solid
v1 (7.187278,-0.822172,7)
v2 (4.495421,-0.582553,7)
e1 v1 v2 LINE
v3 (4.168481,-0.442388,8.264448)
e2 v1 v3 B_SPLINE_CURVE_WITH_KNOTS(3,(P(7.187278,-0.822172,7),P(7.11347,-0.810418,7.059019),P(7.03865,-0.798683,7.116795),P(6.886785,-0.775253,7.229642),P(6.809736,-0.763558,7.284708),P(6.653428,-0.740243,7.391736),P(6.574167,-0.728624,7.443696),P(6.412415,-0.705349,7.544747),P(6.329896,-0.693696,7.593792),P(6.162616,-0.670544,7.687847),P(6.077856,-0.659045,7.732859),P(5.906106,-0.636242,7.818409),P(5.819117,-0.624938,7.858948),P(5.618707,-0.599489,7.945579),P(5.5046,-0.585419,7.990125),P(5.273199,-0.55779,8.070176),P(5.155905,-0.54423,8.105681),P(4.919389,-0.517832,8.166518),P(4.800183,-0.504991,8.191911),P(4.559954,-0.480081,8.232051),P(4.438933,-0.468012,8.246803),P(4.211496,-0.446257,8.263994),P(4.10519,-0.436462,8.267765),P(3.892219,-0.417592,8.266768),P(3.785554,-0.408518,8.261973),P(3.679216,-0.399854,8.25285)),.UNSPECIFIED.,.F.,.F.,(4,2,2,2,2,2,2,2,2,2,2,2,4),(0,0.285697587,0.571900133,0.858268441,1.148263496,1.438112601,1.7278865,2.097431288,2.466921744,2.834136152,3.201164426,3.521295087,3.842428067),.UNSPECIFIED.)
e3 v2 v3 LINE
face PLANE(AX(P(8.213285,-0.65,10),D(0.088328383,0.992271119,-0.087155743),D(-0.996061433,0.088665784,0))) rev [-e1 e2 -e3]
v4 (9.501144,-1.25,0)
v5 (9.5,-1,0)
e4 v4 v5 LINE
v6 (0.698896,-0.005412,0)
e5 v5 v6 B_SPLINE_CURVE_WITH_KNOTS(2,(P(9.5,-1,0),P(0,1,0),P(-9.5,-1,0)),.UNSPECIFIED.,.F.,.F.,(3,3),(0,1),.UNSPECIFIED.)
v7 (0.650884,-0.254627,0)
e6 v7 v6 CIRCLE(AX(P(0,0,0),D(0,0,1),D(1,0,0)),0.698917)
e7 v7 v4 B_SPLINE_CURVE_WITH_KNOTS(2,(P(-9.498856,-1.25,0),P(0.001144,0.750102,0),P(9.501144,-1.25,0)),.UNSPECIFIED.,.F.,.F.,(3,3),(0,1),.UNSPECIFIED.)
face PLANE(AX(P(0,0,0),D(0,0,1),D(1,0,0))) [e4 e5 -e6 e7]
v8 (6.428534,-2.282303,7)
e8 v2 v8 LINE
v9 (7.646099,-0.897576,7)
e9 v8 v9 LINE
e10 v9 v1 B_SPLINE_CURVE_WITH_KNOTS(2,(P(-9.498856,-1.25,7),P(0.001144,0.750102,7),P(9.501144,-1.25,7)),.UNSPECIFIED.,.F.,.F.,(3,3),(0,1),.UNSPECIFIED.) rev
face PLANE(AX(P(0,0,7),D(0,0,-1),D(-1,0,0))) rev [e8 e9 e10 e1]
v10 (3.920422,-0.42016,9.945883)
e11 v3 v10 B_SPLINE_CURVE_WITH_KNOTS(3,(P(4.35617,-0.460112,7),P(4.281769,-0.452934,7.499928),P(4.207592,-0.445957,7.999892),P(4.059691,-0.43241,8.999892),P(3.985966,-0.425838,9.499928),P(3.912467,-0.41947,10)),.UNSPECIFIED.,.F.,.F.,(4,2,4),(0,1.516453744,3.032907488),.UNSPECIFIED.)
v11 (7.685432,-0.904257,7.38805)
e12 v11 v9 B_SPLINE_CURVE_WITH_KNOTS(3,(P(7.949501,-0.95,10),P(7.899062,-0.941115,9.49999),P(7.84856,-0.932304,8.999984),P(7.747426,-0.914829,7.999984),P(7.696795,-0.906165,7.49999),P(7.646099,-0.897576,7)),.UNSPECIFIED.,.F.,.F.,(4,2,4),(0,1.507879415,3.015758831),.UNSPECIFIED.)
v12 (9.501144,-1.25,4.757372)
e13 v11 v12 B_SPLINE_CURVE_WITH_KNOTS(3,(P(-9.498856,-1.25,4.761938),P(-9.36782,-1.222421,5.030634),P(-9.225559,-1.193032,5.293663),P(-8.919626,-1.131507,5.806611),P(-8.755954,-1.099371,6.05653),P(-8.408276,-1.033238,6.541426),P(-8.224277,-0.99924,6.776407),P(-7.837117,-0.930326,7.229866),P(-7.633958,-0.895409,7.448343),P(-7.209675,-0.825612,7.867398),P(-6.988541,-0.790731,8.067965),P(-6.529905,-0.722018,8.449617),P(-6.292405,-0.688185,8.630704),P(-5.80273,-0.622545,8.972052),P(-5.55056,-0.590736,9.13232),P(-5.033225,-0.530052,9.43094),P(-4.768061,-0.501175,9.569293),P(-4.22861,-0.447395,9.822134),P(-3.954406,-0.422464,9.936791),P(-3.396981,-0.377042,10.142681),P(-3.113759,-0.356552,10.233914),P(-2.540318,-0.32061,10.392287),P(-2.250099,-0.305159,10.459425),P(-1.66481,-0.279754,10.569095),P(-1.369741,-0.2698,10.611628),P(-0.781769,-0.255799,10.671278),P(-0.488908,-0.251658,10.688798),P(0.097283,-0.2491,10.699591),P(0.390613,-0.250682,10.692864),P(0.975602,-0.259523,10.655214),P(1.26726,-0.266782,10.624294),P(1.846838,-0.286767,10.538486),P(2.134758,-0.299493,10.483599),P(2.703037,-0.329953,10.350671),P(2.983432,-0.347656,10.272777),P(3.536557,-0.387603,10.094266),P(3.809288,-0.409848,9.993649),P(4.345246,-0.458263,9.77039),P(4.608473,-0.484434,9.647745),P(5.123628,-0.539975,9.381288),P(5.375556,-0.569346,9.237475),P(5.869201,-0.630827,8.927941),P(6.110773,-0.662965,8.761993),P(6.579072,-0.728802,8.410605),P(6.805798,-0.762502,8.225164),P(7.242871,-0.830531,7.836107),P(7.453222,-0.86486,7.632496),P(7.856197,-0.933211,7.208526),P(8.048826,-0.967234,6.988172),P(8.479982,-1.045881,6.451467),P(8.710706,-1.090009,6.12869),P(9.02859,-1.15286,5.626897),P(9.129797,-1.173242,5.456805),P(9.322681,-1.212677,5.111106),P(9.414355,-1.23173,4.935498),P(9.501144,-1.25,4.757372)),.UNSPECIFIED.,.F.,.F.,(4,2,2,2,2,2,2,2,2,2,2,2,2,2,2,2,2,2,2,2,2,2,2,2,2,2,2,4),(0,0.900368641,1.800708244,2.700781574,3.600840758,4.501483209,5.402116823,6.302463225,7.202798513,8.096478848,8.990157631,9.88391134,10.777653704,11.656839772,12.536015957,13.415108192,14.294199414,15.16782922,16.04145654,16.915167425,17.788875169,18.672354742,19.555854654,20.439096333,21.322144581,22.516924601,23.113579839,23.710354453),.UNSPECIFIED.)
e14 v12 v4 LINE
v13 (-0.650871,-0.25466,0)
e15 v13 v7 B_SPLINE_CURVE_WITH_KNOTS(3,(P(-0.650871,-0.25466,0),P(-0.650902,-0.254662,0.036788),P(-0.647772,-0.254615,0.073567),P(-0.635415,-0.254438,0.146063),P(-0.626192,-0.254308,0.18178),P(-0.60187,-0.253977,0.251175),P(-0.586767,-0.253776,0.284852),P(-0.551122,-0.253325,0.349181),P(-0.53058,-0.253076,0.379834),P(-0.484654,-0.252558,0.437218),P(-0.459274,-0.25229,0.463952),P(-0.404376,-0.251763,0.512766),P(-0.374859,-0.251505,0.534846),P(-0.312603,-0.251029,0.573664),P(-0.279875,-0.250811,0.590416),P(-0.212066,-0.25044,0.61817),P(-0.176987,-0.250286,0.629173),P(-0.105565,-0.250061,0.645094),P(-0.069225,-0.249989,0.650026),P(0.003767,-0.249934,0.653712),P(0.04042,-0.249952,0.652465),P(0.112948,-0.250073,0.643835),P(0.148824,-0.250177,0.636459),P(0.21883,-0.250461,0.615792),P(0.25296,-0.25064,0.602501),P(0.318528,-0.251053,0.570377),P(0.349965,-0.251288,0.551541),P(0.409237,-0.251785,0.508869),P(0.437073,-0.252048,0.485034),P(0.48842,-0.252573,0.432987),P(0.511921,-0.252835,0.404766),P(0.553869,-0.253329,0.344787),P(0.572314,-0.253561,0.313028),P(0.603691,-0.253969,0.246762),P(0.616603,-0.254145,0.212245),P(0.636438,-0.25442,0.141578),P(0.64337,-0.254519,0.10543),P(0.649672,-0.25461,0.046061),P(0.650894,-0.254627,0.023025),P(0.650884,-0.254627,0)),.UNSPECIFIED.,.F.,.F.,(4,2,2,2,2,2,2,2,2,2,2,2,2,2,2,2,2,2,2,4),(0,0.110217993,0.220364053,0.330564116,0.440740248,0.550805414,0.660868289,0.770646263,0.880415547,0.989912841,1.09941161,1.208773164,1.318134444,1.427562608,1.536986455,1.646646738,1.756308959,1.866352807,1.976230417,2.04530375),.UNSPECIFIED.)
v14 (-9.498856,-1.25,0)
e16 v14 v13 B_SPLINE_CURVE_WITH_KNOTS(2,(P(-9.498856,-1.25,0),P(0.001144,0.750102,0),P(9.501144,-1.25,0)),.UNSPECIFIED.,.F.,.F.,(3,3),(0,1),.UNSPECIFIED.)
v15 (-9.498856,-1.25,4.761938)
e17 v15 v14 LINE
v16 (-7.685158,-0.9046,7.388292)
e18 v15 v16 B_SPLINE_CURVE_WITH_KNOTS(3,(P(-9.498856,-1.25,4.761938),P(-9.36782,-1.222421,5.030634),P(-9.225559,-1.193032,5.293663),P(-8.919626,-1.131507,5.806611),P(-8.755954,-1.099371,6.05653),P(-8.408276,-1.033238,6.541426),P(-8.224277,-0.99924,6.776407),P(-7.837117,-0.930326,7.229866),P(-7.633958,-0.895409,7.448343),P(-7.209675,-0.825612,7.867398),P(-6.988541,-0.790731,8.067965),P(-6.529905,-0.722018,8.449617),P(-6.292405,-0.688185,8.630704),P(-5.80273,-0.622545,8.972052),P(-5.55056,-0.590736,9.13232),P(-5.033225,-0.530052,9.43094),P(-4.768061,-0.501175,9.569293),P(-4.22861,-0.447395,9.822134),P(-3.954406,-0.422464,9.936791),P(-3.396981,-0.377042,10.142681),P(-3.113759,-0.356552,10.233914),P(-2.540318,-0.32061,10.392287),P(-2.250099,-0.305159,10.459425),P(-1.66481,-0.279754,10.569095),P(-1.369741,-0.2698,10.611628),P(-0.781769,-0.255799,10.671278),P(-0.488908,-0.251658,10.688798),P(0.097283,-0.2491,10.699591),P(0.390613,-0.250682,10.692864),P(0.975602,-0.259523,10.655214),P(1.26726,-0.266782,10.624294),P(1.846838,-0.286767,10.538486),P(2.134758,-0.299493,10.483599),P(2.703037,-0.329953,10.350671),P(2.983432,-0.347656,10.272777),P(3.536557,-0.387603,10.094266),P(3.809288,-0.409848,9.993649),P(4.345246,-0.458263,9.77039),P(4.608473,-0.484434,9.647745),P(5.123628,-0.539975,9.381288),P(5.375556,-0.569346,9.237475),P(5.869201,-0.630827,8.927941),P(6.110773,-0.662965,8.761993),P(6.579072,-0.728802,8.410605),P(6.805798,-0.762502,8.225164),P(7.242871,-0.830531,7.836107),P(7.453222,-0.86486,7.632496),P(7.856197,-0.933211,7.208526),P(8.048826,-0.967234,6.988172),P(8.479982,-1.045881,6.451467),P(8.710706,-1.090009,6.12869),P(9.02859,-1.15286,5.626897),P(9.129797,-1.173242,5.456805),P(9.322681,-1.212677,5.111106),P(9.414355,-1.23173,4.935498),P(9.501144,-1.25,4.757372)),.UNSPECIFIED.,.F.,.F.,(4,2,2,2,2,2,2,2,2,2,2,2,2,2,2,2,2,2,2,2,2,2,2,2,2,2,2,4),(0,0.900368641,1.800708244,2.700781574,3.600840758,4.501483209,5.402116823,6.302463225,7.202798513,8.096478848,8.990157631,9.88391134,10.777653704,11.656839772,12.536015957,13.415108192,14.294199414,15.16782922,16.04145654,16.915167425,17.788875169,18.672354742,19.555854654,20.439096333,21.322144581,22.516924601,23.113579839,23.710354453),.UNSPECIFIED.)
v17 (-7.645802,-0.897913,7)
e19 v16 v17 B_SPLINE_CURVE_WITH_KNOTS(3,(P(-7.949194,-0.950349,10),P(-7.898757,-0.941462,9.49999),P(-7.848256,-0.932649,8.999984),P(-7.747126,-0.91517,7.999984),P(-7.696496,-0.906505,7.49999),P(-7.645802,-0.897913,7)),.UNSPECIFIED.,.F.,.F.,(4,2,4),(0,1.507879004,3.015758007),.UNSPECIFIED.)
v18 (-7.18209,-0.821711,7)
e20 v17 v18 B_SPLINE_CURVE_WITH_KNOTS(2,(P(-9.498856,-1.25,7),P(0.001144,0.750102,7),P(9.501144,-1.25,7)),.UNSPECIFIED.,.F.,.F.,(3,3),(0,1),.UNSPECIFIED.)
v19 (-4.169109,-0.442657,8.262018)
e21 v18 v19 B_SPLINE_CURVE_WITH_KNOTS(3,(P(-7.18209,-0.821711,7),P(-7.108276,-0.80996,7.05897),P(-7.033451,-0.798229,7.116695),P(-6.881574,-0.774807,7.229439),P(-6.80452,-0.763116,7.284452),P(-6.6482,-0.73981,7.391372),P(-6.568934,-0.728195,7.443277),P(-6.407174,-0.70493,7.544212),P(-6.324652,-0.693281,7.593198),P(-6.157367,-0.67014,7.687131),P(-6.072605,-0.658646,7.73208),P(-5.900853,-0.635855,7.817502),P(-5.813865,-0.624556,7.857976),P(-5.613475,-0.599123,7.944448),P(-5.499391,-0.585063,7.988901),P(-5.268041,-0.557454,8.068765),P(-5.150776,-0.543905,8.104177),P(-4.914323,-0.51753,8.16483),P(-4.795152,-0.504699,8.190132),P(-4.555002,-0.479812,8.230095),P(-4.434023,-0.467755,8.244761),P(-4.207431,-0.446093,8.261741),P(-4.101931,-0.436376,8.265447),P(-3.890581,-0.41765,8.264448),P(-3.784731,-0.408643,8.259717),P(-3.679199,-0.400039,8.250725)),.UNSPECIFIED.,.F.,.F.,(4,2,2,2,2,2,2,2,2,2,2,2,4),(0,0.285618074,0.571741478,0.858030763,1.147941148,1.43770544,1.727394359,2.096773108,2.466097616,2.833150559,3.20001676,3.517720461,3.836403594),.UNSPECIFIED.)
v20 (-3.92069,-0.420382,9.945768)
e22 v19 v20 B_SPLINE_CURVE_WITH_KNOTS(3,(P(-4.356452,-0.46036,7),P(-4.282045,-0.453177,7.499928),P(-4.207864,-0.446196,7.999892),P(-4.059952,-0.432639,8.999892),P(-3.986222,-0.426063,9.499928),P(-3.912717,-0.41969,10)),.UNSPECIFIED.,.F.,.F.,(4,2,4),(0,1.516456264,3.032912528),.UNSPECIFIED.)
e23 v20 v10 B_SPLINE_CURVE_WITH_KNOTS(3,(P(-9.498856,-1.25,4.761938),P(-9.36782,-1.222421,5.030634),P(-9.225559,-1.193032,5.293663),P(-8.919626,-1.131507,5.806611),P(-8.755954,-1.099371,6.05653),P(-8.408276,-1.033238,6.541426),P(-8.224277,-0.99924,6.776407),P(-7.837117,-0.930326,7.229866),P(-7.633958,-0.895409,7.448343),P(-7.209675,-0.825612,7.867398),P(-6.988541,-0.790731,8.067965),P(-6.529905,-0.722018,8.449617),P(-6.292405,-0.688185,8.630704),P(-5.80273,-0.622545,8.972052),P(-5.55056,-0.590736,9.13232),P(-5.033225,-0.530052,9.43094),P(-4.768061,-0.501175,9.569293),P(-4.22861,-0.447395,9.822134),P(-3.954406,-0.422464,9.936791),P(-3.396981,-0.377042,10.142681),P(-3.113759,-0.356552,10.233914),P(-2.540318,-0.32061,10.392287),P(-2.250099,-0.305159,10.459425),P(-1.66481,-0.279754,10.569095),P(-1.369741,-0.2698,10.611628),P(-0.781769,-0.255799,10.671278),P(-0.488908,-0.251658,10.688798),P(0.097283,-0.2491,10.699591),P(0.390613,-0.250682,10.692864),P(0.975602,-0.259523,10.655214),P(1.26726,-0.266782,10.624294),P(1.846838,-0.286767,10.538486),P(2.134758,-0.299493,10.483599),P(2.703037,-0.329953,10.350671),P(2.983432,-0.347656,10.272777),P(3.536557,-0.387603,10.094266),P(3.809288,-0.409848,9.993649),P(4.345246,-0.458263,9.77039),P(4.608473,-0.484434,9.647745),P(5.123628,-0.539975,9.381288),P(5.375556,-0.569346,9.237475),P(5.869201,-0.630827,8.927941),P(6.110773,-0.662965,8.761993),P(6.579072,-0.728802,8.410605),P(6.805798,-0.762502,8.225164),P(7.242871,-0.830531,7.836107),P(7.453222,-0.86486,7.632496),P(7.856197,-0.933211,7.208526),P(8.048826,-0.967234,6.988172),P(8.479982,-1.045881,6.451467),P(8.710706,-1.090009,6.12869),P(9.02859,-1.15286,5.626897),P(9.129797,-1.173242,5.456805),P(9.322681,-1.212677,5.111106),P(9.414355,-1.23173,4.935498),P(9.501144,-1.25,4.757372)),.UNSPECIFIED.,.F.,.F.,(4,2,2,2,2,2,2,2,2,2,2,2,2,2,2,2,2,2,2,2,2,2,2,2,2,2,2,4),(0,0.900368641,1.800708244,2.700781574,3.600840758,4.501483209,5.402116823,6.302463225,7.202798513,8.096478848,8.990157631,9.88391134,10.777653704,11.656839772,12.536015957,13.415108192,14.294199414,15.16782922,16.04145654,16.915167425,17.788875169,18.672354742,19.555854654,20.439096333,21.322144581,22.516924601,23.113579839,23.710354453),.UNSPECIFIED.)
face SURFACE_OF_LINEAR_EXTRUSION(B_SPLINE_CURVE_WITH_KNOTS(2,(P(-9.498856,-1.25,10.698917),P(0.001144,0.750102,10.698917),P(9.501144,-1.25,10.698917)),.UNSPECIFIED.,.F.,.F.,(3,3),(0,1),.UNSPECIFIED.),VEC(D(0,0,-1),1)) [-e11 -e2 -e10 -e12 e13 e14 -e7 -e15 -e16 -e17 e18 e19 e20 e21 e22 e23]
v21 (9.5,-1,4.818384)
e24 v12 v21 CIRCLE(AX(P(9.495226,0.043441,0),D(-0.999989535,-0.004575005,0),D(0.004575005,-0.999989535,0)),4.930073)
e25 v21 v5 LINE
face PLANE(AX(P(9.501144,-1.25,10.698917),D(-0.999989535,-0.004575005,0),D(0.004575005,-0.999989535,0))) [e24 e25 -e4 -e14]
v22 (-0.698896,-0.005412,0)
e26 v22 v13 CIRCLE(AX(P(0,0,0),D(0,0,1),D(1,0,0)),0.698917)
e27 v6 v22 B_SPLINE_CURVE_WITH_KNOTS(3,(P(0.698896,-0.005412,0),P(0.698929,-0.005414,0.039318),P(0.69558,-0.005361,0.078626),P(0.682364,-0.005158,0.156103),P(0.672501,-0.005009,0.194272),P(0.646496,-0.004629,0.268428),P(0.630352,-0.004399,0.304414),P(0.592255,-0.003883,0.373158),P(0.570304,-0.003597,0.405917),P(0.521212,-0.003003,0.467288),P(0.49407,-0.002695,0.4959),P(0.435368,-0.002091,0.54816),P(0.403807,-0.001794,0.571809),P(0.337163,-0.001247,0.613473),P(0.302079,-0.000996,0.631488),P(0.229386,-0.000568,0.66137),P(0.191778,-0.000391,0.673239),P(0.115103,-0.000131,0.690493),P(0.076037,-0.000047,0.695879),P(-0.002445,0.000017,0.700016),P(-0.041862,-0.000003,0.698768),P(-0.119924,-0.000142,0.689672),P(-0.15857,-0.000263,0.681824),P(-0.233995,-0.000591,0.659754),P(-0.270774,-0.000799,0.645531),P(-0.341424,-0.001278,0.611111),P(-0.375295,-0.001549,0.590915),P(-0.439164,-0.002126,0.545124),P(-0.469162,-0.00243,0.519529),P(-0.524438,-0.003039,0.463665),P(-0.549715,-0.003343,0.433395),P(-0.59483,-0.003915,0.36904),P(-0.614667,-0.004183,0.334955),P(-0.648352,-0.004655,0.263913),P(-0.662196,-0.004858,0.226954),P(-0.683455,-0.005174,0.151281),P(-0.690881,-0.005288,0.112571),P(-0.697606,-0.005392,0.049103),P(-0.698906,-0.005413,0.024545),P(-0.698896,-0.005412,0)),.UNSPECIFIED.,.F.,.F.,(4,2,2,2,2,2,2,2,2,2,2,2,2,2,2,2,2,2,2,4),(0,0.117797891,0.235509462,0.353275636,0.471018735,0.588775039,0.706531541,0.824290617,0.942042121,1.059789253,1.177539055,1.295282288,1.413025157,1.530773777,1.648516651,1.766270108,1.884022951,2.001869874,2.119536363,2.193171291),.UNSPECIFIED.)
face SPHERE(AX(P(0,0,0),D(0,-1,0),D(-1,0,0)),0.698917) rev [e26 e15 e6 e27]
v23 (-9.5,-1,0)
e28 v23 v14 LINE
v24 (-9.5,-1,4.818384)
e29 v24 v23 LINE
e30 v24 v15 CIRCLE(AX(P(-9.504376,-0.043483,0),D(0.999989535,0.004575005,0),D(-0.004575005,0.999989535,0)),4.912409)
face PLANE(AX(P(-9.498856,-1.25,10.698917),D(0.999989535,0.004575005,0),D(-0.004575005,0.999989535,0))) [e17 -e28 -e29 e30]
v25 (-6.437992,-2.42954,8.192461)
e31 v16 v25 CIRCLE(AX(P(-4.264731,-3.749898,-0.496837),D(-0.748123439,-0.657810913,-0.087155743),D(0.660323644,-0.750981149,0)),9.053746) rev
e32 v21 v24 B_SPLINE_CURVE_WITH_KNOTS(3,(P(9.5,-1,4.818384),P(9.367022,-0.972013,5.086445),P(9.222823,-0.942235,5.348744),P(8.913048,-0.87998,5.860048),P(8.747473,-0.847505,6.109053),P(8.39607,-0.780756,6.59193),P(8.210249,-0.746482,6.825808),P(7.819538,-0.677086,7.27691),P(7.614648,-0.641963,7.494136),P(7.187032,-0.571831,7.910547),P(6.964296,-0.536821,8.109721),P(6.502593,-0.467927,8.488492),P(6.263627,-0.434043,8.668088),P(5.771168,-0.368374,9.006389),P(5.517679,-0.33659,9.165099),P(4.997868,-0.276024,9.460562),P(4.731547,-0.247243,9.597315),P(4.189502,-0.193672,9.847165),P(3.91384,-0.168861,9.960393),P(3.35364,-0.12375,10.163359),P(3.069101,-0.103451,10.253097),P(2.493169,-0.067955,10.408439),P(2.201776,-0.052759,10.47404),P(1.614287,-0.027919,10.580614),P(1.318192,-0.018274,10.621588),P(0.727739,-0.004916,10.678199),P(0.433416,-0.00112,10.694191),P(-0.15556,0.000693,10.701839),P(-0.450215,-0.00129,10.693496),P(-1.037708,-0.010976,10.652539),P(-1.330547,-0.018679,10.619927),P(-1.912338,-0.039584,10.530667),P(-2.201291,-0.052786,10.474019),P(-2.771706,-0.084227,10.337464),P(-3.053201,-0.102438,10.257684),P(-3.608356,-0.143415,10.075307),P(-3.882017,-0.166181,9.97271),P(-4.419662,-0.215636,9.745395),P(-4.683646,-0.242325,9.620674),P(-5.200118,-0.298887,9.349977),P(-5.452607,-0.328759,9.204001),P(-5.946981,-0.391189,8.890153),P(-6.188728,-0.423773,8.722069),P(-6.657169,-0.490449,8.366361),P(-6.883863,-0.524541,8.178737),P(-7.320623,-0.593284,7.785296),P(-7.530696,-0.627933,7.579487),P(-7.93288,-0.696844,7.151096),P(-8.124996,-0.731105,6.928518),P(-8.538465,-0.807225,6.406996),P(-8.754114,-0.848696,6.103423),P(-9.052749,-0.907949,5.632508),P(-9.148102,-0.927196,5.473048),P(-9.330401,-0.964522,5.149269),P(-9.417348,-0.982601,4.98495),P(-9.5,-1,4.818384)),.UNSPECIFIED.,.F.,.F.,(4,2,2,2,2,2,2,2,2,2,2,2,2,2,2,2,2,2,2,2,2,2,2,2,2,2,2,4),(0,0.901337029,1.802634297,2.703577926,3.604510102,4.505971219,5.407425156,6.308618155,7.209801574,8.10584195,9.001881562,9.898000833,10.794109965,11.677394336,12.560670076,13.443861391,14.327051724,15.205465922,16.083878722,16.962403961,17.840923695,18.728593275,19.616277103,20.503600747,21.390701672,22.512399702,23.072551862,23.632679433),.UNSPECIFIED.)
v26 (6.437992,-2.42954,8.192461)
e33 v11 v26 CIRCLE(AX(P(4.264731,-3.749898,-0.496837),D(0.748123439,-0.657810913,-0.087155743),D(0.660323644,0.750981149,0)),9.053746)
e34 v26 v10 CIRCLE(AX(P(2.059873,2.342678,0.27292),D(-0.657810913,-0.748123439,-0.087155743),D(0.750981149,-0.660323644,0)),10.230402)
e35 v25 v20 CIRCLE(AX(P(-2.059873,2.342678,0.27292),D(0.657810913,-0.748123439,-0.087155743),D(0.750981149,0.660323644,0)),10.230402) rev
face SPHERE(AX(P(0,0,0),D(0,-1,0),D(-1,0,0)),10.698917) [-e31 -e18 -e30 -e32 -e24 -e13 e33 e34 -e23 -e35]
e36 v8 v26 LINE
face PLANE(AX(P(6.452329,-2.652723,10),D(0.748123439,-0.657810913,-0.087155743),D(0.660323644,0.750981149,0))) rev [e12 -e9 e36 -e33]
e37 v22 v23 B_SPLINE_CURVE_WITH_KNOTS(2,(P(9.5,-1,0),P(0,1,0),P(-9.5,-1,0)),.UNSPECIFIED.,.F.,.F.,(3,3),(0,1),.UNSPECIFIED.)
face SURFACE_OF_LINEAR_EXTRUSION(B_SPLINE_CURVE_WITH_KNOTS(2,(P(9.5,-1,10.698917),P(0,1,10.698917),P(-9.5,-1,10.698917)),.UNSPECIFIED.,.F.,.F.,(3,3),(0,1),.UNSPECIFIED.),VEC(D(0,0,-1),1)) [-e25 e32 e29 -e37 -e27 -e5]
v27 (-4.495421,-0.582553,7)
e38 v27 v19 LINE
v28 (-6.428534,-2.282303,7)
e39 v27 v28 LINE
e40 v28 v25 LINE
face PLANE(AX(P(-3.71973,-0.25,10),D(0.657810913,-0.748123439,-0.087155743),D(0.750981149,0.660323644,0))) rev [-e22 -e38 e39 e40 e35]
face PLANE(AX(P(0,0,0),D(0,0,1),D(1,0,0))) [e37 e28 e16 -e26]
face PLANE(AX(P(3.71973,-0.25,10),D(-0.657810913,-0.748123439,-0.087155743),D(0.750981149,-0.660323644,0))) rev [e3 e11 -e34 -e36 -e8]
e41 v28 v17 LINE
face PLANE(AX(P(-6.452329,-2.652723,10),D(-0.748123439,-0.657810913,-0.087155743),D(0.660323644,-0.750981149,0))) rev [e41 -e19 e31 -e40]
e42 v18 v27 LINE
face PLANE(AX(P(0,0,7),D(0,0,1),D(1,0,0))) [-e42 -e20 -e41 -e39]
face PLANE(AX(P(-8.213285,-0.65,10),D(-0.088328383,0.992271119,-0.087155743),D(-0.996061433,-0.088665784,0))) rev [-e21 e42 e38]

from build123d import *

# Parameters (mm, degrees)
ENL_V_MAT_EXTRU_2_DEPTH = 11.698916896
ENL_V_MAT_EXTRU_4_DEPTH = 3
ENL_V_MAT_EXTRU_4_TAPER = 5


with BuildPart() as part:
    # Esquisse1 → Révol.-Mince1 (revolve)
    with BuildSketch(Plane.XY):
        with BuildLine():
            ThreePointArc((0, 10.698916896), (10.698916896, 0), (0, -10.698916896))
            Line((0, -10.698916896), (0, -0.698916896))
            ThreePointArc((0, -0.698916896), (0.698916896, 0), (0, 0.698916896))
            Line((0, 0.698916896), (0, 10.698916896))
        make_face()
    revolve(axis=Axis((0, -3.545926921, 0), (0, 1, 0)))

    # Esquisse2 → Enlèv. mat.-Extru.2 (cut, through all)
    with BuildSketch(Plane.XY):
        with BuildLine():
            Line((-9.498856237, -1.25), (-9.5, -1))
            add(Edge.make_bspline(
                [(-9.5, -1), (0, 1), (9.5, -1)],
                knots=[0, 0, 0, 1, 1, 1], degree=2))
            Line((9.5, -1), (9.501143763, -1.25))
            add(Edge.make_bspline(
                [(-9.498856237, -1.25), (0.001143763, 0.750101861), (9.501143763, -1.25)],
                knots=[0, 0, 0, 1, 1, 1], degree=2))
        make_face()
    extrude(amount=ENL_V_MAT_EXTRU_2_DEPTH, mode=Mode.SUBTRACT)

    # Esquisse4 → Enlèv. mat.-Extru.4 (cut)
    with BuildSketch(Plane.XY.offset(10)):
        Polygon((3.719730148, -0.25), (6.452328662, -2.65272264), (8.21328513, -0.65), align=None)
        Polygon((-6.452328662, -2.65272264), (-3.719730148, -0.25), (-8.21328513, -0.65), align=None)
    extrude(amount=-ENL_V_MAT_EXTRU_4_DEPTH, taper=ENL_V_MAT_EXTRU_4_TAPER, mode=Mode.SUBTRACT)


solid = part.part
